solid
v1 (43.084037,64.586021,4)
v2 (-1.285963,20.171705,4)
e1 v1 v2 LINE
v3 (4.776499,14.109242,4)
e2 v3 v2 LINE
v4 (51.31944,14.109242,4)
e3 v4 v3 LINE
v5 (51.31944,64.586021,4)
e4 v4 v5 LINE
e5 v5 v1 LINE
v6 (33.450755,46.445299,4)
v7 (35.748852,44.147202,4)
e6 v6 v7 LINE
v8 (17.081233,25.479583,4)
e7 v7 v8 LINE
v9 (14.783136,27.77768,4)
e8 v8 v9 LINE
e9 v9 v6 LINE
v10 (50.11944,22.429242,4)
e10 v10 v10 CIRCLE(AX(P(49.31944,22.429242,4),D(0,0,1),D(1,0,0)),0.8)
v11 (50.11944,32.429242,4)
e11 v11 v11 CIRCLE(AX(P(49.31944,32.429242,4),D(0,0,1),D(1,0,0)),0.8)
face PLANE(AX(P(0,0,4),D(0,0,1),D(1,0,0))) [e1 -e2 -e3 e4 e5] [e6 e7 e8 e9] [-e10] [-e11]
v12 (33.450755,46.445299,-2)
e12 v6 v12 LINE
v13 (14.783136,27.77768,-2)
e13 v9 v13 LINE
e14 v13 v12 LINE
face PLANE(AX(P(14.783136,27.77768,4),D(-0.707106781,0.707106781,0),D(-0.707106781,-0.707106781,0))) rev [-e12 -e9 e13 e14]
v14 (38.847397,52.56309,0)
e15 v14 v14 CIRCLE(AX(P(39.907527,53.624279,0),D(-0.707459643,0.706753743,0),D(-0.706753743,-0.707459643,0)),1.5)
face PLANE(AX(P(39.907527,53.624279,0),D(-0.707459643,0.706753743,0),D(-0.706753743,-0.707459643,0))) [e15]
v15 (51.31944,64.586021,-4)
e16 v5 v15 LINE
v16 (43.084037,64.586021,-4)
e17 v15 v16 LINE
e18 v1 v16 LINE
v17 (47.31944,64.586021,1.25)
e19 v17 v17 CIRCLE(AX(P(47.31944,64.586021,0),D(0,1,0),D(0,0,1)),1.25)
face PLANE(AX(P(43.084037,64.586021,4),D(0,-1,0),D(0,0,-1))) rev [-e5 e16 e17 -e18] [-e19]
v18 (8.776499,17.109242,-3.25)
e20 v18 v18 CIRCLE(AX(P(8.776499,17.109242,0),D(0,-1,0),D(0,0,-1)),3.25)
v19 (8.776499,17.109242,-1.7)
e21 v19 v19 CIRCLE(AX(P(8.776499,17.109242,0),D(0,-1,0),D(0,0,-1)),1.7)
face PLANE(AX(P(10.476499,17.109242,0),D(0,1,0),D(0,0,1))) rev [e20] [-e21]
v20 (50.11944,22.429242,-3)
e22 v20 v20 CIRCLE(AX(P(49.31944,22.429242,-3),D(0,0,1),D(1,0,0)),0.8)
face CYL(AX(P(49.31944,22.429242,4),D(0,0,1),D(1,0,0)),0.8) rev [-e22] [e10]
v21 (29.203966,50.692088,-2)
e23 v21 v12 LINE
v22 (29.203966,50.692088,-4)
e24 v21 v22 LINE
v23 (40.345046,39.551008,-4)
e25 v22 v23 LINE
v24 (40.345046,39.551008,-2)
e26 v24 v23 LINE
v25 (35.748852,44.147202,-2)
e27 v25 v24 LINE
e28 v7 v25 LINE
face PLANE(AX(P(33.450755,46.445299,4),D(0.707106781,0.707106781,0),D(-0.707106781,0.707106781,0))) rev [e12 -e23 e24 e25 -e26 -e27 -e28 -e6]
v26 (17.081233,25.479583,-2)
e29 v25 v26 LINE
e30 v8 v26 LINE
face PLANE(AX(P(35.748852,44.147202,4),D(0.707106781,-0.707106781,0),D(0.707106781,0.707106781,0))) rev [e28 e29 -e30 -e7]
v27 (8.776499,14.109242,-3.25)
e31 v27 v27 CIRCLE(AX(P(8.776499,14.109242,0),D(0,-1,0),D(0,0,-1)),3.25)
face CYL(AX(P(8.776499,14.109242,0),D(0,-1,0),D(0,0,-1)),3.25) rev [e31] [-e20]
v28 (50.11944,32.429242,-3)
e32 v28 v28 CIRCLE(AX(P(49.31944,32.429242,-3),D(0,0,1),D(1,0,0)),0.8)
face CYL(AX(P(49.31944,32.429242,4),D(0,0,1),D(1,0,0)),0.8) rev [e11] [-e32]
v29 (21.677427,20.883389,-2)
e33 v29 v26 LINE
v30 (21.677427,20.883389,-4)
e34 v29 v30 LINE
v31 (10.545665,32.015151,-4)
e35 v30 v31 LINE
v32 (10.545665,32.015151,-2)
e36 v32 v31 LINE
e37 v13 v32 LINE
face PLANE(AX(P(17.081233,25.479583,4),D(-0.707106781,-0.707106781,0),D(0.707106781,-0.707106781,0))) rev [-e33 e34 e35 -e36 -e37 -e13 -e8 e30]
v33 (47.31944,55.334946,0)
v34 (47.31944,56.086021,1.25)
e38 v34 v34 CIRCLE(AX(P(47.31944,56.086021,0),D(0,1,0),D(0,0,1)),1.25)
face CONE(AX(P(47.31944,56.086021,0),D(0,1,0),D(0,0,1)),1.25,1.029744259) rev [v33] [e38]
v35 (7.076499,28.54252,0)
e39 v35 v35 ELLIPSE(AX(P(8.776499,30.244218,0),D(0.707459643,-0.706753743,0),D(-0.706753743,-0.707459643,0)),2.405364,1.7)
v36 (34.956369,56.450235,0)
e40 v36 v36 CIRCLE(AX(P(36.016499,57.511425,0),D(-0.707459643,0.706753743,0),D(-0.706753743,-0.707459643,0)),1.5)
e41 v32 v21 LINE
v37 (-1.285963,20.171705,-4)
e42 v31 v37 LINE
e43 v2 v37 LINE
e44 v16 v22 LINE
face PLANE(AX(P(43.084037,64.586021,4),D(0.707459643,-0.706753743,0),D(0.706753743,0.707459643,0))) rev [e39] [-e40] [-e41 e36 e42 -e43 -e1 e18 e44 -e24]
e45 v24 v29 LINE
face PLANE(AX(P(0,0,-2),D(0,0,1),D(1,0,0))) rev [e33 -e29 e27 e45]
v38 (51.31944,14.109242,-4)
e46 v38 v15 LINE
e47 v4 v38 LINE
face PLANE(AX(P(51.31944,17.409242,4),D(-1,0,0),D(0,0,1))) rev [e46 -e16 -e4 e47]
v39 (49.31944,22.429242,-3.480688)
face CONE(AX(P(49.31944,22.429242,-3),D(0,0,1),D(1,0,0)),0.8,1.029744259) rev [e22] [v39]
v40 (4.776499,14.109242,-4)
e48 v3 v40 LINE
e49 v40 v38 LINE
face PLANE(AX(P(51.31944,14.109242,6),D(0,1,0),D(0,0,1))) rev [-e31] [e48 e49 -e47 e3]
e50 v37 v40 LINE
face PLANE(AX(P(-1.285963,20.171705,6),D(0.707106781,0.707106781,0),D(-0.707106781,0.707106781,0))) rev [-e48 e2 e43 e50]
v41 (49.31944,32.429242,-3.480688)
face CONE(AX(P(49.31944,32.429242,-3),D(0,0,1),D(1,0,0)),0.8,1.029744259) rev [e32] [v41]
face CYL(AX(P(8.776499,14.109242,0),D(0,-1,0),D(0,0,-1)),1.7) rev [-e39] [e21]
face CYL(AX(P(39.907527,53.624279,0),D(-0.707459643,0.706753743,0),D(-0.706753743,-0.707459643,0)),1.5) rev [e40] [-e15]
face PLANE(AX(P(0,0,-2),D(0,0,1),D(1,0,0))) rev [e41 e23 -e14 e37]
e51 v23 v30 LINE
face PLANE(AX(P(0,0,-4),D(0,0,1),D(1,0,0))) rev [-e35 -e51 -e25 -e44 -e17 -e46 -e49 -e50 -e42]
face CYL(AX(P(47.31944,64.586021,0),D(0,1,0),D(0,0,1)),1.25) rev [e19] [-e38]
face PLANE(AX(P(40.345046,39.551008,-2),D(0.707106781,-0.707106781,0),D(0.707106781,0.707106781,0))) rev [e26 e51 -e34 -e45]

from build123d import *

# Parameters (mm, degrees)
BOSS_EXTRUDE1_DEPTH            = 4
SKETCH3_W                      = 59.68
SKETCH3_H                      = 8
BOSS_EXTRUDE2_DEPTH            = 5.46
CUT_EXTRUDE1_DEPTH             = 9
SKETCH5_W                      = 59.68
SKETCH5_H                      = 2.16
CUT_EXTRUDE2_DEPTH             = 10
CUT_EXTRUDE7_DEPTH             = 10
M2X0_4_TAPPED_HOLE1_D          = 1.6
M2X0_4_TAPPED_HOLE1_DEPTH      = 7
M2X0_4_TAPPED_HOLE1_TIP        = 0.480688495
CBORE_FOR_M3_SHCS2_D           = 3.4
CBORE_FOR_M3_SHCS2_CBORE_D     = 6.5
CBORE_FOR_M3_SHCS2_CBORE_DEPTH = 3
CUT_EXTRUDE10_DEPTH            = 9
SKETCH24_R                     = 1.5
CUT_EXTRUDE12_DEPTH            = 5.5
M3X0_5_TAPPED_HOLE3_D          = 2.5
M3X0_5_TAPPED_HOLE3_DEPTH      = 8.5
M3X0_5_TAPPED_HOLE3_TIP        = 0.751075774
CUT_EXTRUDE13_DEPTH            = 2


with BuildPart() as part:
    # Sketch2 → Boss-Extrude1 (new body, symmetric)
    with BuildSketch(Plane.XY):
        Polygon((-8.360559535, 17.409242356), (51.319440465, 17.409242356), (51.319440465, 71.653558741), (36.009440465, 71.653558741), (43.084036895, 64.586021309), (-1.285963105, 20.171704924), (-8.360559535, 27.239242356), align=None)
    extrude(amount=BOSS_EXTRUDE1_DEPTH, both=True)

    # Sketch3 → Boss-Extrude2 (add)
    with BuildSketch(Plane.XZ.offset(-17.409242356)):
        with Locations((21.479440465, 0)):
            Rectangle(SKETCH3_W, SKETCH3_H)
    extrude(amount=BOSS_EXTRUDE2_DEPTH)

    # Sketch4 → Cut-Extrude1 (cut, through all)
    with BuildSketch(Plane(origin=(0, 0, -4), x_dir=(-1, 0, 0), z_dir=(0, 0, -1))):
        Polygon((-33.450754625, 46.445299472), (-35.748851663, 44.147202433), (-17.08123264, 25.47958341), (-14.783135601, 27.777680449), align=None)
    extrude(amount=-CUT_EXTRUDE1_DEPTH, mode=Mode.SUBTRACT)

    # Sketch5 → Cut-Extrude2 (cut)
    with BuildSketch(Plane(origin=(0, 0, -4), x_dir=(-1, 0, 0), z_dir=(0, 0, -1))):
        with Locations((-21.479440465, 13.029242356)):
            Rectangle(SKETCH5_W, SKETCH5_H)
    extrude(amount=-CUT_EXTRUDE2_DEPTH, mode=Mode.SUBTRACT)

    # Sketch7 → Cut-Extrude7 (cut)
    with BuildSketch(Plane(origin=(0, 0, -4), x_dir=(-1, 0, 0), z_dir=(0, 0, -1))):
        Polygon((1.285963105, 20.171704924), (-5.082290623, 13.803451195), (8.360559535, 13.803451195), (8.360559535, 14.109242356), (8.360559535, 29.043387574), (1.285963105, 29.043387574), align=None)
    extrude(amount=-CUT_EXTRUDE7_DEPTH, mode=Mode.SUBTRACT)

    # M2x0.4 Tapped Hole1
    with Locations(Plane.XY.offset(4)):
        with Locations((49.319440465, 32.429242356), (49.319440465, 22.429242356)):
            Hole(M2X0_4_TAPPED_HOLE1_D / 2, depth=M2X0_4_TAPPED_HOLE1_DEPTH)
            with Locations((0, 0, -(M2X0_4_TAPPED_HOLE1_DEPTH + M2X0_4_TAPPED_HOLE1_TIP / 2))):  # 118° drill point
                Cone(0, M2X0_4_TAPPED_HOLE1_D / 2, M2X0_4_TAPPED_HOLE1_TIP, mode=Mode.SUBTRACT)

    # CBORE for M3 SHCS2 (through all)
    with Locations(Plane(origin=(0, 14.109242356, 0), x_dir=(-1, 0, 0), z_dir=(0, -1, 0))):
        with Locations((-8.776499462, 0)):
            CounterBoreHole(CBORE_FOR_M3_SHCS2_D / 2, CBORE_FOR_M3_SHCS2_CBORE_D / 2, CBORE_FOR_M3_SHCS2_CBORE_DEPTH)

    # Sketch22 → Cut-Extrude10 (cut, through all)
    with BuildSketch(Plane(origin=(0, 0, -4), x_dir=(-1, 0, 0), z_dir=(0, 0, -1))):
        Polygon((-43.084036895, 64.586021309), (-51.319440465, 64.586021309), (-51.319440465, 71.653558741), (-36.009440465, 71.653558741), align=None)
    extrude(amount=-CUT_EXTRUDE10_DEPTH, mode=Mode.SUBTRACT)

    # Sketch24 → Cut-Extrude12 (cut)
    with BuildSketch(Plane(origin=(-10.729470873, 10.71876506, 0), x_dir=(0, 0, 1), z_dir=(-0.707459643, 0.706753743, 0))):
        with Locations((0, 66.141807925)):
            Circle(SKETCH24_R)
    extrude(amount=-CUT_EXTRUDE12_DEPTH, mode=Mode.SUBTRACT)

    # M3x0.5 Tapped Hole3
    with Locations(Plane(origin=(0, 64.586021309, 0), x_dir=(1, 0, 0), z_dir=(0, 1, 0))):
        with Locations((47.319440465, 0)):
            Hole(M3X0_5_TAPPED_HOLE3_D / 2, depth=M3X0_5_TAPPED_HOLE3_DEPTH)
            with Locations((0, 0, -(M3X0_5_TAPPED_HOLE3_DEPTH + M3X0_5_TAPPED_HOLE3_TIP / 2))):  # 118° drill point
                Cone(0, M3X0_5_TAPPED_HOLE3_D / 2, M3X0_5_TAPPED_HOLE3_TIP, mode=Mode.SUBTRACT)

    # Sketch28 → Cut-Extrude13 (cut)
    with BuildSketch(Plane(origin=(0, 0, -4), x_dir=(-1, 0, 0), z_dir=(0, 0, -1))):
        Polygon((-33.450754625, 46.445299472), (-35.748851663, 44.147202433), (-40.345045741, 39.551008355), (-21.677426718, 20.883389332), (-17.08123264, 25.47958341), (-14.783135601, 27.777680449), (-10.545665345, 32.015150705), (-29.20396649, 50.692087606), align=None)
    extrude(amount=-CUT_EXTRUDE13_DEPTH, mode=Mode.SUBTRACT)


solid = part.part
